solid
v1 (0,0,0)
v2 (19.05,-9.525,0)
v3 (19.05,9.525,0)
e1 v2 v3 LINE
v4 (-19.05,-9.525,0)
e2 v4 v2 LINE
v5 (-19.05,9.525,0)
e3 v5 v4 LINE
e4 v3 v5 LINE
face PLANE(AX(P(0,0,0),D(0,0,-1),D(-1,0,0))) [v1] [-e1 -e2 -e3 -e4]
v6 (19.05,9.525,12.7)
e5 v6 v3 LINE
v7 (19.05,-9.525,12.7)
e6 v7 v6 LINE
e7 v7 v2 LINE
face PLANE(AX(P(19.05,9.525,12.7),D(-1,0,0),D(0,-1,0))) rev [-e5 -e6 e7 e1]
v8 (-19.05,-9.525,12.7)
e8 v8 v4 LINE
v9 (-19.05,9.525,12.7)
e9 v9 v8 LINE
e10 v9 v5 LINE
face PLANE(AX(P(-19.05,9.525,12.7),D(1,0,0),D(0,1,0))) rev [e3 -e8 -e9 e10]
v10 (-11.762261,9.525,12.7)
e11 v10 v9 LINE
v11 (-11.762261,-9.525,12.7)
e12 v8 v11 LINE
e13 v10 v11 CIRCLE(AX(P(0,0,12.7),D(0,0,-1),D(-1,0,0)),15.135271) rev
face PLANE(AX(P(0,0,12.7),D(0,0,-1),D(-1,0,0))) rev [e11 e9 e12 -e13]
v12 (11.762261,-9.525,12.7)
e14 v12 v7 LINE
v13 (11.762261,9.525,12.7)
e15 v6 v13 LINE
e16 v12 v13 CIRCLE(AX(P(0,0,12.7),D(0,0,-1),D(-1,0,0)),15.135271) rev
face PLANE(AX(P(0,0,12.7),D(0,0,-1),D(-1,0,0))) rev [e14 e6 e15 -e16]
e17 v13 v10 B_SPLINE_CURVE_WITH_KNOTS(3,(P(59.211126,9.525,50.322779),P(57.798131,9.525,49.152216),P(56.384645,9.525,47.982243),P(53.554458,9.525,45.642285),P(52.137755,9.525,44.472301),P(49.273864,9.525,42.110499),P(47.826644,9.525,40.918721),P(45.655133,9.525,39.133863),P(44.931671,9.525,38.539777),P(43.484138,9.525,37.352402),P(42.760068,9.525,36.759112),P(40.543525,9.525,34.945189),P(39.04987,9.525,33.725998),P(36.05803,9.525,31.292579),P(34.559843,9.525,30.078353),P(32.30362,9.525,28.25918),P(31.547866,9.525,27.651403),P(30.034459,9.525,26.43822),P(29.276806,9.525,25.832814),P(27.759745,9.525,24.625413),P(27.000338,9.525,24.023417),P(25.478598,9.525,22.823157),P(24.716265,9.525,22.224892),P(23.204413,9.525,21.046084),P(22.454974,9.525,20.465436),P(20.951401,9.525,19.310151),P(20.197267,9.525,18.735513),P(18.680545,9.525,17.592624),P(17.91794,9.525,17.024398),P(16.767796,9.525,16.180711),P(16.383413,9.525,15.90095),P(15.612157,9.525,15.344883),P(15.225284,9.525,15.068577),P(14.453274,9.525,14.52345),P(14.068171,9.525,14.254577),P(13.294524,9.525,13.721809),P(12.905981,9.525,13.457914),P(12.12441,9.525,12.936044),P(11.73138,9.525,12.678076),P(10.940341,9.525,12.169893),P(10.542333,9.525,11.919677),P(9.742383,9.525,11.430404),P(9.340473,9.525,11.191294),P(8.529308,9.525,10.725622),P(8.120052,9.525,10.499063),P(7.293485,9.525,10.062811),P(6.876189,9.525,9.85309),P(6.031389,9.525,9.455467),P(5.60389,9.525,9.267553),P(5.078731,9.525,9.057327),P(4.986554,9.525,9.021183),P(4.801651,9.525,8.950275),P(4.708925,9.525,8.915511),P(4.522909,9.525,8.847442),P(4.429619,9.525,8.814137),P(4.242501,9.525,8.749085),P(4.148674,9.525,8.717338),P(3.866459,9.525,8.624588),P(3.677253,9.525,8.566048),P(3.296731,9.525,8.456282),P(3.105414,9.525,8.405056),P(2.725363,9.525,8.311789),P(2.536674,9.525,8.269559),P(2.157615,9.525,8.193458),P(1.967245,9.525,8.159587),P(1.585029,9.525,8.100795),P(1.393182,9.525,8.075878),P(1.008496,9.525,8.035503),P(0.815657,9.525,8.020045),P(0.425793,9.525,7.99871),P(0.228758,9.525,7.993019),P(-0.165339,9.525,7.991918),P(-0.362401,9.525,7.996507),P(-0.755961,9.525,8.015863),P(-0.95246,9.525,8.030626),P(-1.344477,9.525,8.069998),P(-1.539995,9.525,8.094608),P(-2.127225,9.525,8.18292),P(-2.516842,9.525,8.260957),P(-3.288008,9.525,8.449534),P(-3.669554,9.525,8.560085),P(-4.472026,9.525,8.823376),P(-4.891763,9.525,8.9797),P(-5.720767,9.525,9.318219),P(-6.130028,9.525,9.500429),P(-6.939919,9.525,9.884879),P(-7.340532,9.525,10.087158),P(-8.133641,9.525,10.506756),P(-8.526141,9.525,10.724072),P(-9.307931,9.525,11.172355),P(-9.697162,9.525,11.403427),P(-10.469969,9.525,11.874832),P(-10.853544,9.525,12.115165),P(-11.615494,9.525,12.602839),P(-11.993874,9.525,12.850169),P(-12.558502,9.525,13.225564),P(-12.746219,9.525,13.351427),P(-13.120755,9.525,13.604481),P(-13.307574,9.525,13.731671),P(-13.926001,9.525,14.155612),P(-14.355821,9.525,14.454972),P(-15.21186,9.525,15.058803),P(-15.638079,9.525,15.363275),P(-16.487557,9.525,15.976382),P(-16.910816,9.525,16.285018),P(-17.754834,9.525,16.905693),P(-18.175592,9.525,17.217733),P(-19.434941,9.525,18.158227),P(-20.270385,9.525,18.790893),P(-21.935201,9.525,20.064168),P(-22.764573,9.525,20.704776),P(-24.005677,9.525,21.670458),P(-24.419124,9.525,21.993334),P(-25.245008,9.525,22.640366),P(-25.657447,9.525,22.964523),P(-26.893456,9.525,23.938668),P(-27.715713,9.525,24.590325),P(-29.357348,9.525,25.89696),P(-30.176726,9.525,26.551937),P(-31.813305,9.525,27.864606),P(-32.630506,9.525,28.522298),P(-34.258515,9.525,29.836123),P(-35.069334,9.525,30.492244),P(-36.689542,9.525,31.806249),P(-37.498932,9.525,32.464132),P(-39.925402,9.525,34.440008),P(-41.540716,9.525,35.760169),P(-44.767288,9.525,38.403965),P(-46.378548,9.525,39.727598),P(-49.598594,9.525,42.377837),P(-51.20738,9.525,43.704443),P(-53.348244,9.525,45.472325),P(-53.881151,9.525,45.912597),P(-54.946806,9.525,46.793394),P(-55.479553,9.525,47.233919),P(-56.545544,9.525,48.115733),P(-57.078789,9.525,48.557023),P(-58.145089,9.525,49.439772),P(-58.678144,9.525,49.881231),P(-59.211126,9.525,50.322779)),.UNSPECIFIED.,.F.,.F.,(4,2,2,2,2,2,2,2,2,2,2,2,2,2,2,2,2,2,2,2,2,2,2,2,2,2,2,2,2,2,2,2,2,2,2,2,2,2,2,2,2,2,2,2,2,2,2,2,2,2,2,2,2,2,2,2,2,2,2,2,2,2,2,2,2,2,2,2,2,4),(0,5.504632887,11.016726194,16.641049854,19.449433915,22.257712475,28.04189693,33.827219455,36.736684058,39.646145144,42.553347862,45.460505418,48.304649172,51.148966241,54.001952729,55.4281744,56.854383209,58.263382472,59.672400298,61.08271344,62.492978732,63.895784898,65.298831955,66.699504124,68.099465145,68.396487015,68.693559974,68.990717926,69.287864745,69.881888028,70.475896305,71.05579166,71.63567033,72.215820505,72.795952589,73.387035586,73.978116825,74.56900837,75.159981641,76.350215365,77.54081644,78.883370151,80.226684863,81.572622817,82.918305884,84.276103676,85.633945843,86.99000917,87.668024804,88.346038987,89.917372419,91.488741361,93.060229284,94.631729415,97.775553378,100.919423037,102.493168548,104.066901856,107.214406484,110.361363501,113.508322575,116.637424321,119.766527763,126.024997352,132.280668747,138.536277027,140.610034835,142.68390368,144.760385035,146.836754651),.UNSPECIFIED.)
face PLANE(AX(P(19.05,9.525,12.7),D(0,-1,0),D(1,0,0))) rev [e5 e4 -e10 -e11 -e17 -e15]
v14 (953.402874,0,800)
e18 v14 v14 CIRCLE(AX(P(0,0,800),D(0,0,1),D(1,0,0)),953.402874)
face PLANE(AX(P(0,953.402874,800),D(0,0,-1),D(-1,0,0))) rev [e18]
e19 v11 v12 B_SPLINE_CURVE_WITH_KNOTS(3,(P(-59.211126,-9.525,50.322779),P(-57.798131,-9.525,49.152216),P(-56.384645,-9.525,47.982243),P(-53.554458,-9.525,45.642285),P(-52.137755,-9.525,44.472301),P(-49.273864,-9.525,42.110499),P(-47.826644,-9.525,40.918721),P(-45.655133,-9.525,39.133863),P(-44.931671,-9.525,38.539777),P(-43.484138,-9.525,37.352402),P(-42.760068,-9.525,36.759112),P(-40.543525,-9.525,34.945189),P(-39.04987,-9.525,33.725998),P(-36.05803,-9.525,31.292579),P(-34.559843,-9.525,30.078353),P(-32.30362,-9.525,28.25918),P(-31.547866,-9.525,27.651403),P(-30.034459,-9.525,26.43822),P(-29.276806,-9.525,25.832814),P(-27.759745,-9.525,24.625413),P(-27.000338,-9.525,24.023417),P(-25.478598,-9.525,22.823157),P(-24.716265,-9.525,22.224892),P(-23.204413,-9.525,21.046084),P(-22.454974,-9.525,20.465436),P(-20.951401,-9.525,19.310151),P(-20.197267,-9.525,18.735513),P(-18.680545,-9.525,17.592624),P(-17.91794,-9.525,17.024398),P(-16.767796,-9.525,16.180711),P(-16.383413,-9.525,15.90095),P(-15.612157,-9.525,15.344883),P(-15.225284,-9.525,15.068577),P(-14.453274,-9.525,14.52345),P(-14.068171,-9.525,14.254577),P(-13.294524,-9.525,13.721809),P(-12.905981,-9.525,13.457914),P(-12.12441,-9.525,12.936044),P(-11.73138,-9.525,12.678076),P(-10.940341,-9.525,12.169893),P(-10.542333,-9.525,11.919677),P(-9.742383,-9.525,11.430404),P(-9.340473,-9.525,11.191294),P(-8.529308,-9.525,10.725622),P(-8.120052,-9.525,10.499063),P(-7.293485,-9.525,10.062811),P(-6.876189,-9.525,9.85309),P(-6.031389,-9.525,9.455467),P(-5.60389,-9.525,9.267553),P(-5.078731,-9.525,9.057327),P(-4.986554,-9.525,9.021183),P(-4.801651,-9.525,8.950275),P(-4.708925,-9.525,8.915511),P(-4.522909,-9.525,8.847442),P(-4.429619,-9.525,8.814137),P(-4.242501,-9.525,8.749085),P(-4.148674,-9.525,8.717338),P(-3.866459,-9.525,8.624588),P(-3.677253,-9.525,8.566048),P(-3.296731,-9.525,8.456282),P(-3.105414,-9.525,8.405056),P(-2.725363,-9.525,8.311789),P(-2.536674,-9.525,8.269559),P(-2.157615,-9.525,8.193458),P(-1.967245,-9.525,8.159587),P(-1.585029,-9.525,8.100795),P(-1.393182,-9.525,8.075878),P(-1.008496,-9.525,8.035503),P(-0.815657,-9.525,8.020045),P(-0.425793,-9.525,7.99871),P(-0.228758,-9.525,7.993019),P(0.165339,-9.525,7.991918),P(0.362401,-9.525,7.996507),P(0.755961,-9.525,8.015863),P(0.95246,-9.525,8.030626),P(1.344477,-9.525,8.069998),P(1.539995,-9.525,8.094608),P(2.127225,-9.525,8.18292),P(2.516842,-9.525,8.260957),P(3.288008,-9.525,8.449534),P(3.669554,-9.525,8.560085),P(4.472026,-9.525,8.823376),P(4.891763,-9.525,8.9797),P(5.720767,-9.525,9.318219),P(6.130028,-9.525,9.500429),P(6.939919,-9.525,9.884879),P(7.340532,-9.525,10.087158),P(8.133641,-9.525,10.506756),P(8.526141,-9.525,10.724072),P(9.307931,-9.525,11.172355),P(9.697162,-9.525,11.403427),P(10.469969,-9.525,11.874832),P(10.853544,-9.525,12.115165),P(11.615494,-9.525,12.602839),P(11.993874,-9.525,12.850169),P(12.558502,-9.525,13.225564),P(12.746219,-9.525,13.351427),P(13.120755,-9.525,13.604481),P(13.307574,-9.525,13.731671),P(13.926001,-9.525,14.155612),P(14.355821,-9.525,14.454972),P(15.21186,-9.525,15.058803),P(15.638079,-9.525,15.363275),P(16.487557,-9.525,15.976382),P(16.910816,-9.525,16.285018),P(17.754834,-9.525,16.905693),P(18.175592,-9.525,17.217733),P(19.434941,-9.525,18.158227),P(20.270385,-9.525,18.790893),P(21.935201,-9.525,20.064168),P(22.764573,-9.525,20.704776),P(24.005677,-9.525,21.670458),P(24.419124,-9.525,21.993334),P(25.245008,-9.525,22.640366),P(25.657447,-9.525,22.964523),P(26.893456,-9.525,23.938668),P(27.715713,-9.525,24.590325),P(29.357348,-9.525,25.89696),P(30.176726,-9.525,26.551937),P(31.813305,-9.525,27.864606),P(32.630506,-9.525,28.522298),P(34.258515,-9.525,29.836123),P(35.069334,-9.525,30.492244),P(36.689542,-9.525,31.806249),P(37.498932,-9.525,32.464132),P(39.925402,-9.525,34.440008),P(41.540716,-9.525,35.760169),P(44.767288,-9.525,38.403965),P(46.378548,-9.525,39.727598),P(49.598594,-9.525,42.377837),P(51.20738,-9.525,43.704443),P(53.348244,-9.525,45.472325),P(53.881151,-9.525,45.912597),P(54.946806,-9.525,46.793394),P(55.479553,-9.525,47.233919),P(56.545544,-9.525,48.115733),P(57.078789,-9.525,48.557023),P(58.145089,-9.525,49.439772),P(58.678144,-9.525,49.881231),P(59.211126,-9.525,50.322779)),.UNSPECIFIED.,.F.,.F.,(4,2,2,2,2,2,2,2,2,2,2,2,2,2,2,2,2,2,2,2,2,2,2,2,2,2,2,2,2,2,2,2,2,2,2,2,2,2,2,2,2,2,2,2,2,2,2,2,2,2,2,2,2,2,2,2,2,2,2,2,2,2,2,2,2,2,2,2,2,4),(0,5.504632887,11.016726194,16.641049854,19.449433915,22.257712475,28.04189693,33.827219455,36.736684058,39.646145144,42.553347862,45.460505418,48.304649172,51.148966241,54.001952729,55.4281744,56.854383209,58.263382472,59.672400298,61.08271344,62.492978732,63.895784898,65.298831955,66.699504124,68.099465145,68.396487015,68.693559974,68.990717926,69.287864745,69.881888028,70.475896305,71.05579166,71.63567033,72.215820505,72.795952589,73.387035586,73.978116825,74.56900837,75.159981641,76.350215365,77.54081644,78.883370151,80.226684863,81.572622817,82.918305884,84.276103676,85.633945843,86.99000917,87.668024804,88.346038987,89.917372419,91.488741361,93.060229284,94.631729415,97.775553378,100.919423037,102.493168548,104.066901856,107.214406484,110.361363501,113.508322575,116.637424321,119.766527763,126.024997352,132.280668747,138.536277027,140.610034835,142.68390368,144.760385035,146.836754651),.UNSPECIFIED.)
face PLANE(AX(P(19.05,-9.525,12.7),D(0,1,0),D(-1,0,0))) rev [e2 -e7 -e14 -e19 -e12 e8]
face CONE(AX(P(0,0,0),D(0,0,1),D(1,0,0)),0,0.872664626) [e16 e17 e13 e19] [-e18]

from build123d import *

# Parameters (mm, degrees)
SKETCH1_W           = 38.1
SKETCH1_H           = 19.05
BOSS_EXTRUDE1_DEPTH = 12.7


with BuildPart() as part:
    # Sketch1 → Boss-Extrude1 (new body)
    with BuildSketch(Plane.XY):
        Rectangle(SKETCH1_W, SKETCH1_H)
    extrude(amount=BOSS_EXTRUDE1_DEPTH)

    # Sketch2 → Revolve1 (revolve)
    with BuildSketch(Plane(origin=(0, 0, 0), x_dir=(0, 0, -1), z_dir=(1, 0, 0))):
        Polygon((0, 0), (-800, 953.402874075), (-800, 0), align=None)
    revolve(axis=Axis((0, 0, 800), (0, 0, -1)))


solid = part.part
